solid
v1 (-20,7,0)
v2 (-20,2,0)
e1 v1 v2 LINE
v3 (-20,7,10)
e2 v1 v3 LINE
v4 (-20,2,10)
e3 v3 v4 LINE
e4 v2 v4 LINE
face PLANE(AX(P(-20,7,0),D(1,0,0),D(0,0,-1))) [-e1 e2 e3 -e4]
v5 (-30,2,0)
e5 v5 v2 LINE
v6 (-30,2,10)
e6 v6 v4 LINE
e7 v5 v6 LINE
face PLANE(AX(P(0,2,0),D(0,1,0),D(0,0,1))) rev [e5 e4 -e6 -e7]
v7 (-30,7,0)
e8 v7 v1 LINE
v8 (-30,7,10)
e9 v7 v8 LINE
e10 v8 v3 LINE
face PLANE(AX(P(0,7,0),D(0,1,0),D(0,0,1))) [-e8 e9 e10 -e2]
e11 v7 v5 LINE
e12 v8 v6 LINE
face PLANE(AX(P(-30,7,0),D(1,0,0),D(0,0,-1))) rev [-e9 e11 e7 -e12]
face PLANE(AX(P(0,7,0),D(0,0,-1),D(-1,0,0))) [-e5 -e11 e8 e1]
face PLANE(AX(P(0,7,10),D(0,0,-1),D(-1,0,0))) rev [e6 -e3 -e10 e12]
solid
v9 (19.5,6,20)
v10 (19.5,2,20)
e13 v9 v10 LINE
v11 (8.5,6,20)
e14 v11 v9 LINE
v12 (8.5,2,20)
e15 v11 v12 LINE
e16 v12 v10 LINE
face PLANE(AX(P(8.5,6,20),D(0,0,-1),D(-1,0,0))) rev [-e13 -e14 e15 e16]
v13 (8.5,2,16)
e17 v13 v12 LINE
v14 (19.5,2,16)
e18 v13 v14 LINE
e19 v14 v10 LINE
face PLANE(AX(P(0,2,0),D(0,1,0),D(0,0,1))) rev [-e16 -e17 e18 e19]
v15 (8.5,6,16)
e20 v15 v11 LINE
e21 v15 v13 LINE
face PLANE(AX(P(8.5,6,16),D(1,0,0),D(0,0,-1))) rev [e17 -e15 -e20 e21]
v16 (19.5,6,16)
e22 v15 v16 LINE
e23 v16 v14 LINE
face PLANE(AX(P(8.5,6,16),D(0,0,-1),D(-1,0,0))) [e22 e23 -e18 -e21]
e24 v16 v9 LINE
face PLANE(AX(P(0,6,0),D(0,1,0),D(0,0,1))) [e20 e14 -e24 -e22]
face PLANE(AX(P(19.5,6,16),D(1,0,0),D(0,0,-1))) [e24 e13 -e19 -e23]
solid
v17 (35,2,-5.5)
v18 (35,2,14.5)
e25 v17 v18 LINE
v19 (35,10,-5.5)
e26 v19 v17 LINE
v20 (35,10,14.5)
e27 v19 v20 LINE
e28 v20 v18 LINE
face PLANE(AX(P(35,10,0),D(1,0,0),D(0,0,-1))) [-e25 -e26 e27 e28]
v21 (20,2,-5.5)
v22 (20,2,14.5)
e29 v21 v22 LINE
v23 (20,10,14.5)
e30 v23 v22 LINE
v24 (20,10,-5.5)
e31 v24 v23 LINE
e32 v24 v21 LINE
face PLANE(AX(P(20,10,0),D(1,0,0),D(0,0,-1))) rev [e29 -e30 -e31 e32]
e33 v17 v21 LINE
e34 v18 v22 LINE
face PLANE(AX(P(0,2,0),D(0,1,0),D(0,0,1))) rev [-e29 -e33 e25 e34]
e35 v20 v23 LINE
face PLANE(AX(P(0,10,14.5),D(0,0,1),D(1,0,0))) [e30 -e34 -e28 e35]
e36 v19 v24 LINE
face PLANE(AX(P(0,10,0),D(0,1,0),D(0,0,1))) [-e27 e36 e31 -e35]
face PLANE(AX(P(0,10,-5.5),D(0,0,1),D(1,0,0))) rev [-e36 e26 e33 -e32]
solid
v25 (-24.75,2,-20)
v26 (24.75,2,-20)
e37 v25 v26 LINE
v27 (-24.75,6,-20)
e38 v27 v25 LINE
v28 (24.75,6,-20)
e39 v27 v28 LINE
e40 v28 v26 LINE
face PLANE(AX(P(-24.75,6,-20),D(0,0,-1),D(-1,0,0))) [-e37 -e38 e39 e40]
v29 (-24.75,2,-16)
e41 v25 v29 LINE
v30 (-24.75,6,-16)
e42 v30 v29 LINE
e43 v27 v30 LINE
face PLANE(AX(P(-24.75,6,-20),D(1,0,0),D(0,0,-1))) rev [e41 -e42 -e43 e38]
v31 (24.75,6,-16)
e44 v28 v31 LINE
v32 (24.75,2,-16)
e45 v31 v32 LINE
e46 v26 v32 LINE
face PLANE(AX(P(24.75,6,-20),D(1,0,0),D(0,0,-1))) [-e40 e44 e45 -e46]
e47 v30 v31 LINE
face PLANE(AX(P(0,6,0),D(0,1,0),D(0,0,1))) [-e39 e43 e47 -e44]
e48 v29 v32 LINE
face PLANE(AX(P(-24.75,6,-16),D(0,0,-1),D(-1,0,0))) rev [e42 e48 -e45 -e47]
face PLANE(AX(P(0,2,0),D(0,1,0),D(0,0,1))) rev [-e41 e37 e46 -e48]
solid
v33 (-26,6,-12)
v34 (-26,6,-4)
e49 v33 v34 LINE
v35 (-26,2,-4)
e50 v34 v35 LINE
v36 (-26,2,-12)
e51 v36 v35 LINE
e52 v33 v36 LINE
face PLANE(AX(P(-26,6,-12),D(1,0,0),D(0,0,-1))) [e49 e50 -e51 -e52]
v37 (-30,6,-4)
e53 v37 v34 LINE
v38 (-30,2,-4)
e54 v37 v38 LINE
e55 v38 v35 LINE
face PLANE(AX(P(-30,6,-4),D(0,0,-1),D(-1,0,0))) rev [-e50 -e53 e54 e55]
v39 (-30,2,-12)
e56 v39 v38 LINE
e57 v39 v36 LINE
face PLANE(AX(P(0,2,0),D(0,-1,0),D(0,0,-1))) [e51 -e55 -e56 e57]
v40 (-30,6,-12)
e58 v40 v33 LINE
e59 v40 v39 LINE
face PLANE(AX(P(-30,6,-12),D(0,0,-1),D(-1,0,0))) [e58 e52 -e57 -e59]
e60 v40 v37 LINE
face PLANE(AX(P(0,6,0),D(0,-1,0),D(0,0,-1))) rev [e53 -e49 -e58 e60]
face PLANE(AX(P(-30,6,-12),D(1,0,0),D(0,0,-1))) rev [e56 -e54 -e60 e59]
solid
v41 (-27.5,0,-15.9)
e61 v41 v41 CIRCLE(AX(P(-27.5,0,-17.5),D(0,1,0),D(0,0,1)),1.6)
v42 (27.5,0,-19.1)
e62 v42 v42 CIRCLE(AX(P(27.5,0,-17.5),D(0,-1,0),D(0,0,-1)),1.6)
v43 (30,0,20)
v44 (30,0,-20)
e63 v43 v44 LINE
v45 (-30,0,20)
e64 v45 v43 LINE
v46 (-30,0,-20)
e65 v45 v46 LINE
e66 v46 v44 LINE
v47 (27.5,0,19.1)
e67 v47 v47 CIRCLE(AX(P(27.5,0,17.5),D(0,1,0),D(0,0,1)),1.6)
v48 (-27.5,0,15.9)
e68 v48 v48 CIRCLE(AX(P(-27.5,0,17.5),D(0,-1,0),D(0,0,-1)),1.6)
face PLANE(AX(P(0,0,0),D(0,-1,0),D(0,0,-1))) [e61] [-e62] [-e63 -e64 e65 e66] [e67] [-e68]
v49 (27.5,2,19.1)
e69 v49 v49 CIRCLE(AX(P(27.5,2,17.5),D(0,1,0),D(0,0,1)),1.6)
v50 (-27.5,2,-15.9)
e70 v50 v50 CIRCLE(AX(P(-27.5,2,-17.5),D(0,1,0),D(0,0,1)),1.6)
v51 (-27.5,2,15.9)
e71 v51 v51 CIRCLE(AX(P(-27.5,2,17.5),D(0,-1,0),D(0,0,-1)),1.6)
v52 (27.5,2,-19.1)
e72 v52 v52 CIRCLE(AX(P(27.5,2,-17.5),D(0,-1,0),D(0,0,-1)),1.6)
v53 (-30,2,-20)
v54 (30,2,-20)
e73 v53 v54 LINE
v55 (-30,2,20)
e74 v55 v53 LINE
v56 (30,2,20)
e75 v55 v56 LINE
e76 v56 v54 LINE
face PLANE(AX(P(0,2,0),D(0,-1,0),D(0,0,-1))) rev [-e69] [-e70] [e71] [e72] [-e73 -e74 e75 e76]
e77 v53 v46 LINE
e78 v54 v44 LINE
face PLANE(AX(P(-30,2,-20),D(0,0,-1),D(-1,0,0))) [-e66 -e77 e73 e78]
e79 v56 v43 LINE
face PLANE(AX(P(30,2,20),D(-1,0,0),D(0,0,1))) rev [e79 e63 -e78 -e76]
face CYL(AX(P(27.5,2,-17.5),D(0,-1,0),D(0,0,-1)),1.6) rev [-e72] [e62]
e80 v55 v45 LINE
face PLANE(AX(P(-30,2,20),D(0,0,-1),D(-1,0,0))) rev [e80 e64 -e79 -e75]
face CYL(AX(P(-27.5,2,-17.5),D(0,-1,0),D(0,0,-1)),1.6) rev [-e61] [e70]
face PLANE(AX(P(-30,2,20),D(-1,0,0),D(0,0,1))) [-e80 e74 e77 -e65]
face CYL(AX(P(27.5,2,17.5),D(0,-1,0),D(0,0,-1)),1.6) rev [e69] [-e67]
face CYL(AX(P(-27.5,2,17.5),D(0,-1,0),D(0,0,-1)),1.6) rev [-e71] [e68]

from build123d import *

# Parameters (mm, degrees)
SKETCH_1_W        = 60
SKETCH_1_H        = 40
SKETCH_1_R        = 1.6
EXTRUDE_1_DEPTH   = 2
SKETCH_2_W        = 49.5
SKETCH_2_H        = 4
EXTRUDE_2_DEPTH   = 4
SKETCH_2_W_2      = 4
SKETCH_2_H_2      = 8
EXTRUDE_2_2_DEPTH = 4
SKETCH_2_W_3      = 11
EXTRUDE_2_3_DEPTH = 4
SKETCH_2_3_W      = 10
SKETCH_2_3_H      = 10
EXTRUDE_3_DEPTH   = 5
SKETCH_2_4_W      = 15
SKETCH_2_4_H      = 20
EXTRUDE_4_DEPTH   = 8


with BuildPart() as part:
    # 草图1 → 凸台-拉伸1 (new body)
    with BuildSketch(Plane(origin=(0, 0, 0), x_dir=(1, 0, 0), z_dir=(0, 1, 0))):
        Rectangle(SKETCH_1_W, SKETCH_1_H)
        with Locations((-27.5, 17.5)):
            Circle(SKETCH_1_R, mode=Mode.SUBTRACT)
        with Locations((27.5, 17.5)):
            Circle(SKETCH_1_R, mode=Mode.SUBTRACT)
        with Locations((27.5, -17.5)):
            Circle(SKETCH_1_R, mode=Mode.SUBTRACT)
        with Locations((-27.5, -17.5)):
            Circle(SKETCH_1_R, mode=Mode.SUBTRACT)
    extrude(amount=EXTRUDE_1_DEPTH)


with BuildPart() as body_2:
    # 草图2 → 凸台-拉伸2 (new body)
    with BuildSketch(Plane(origin=(0, 2, 0), x_dir=(1, 0, 0), z_dir=(0, 1, 0))):
        with Locations((0, 18)):
            Rectangle(SKETCH_2_W, SKETCH_2_H)
    extrude(amount=EXTRUDE_2_DEPTH)


with BuildPart() as body_3:
    # 草图2 → Extrude 2 2 (new body)
    with BuildSketch(Plane(origin=(0, 2, 0), x_dir=(1, 0, 0), z_dir=(0, 1, 0))):
        with Locations((-28, 8)):
            Rectangle(SKETCH_2_W_2, SKETCH_2_H_2)
    extrude(amount=EXTRUDE_2_2_DEPTH)


with BuildPart() as body_4:
    # 草图2 → Extrude 2 3 (new body)
    with BuildSketch(Plane(origin=(0, 2, 0), x_dir=(1, 0, 0), z_dir=(0, 1, 0))):
        with Locations((14, -18)):
            Rectangle(SKETCH_2_W_3, SKETCH_2_H)
    extrude(amount=EXTRUDE_2_3_DEPTH)


with BuildPart() as body_5:
    # 草图2<3> → 凸台-拉伸3 (new body)
    with BuildSketch(Plane(origin=(0, 2, 0), x_dir=(1, 0, 0), z_dir=(0, 1, 0))):
        with Locations((-25, -5)):
            Rectangle(SKETCH_2_3_W, SKETCH_2_3_H)
    extrude(amount=EXTRUDE_3_DEPTH)


with BuildPart() as body_6:
    # 草图2<4> → 凸台-拉伸4 (new body)
    with BuildSketch(Plane(origin=(0, 2, 0), x_dir=(1, 0, 0), z_dir=(0, 1, 0))):
        with Locations((27.5, -4.5)):
            Rectangle(SKETCH_2_4_W, SKETCH_2_4_H)
    extrude(amount=EXTRUDE_4_DEPTH)


solid = Compound([part.part, body_2.part, body_3.part, body_4.part, body_5.part, body_6.part])
